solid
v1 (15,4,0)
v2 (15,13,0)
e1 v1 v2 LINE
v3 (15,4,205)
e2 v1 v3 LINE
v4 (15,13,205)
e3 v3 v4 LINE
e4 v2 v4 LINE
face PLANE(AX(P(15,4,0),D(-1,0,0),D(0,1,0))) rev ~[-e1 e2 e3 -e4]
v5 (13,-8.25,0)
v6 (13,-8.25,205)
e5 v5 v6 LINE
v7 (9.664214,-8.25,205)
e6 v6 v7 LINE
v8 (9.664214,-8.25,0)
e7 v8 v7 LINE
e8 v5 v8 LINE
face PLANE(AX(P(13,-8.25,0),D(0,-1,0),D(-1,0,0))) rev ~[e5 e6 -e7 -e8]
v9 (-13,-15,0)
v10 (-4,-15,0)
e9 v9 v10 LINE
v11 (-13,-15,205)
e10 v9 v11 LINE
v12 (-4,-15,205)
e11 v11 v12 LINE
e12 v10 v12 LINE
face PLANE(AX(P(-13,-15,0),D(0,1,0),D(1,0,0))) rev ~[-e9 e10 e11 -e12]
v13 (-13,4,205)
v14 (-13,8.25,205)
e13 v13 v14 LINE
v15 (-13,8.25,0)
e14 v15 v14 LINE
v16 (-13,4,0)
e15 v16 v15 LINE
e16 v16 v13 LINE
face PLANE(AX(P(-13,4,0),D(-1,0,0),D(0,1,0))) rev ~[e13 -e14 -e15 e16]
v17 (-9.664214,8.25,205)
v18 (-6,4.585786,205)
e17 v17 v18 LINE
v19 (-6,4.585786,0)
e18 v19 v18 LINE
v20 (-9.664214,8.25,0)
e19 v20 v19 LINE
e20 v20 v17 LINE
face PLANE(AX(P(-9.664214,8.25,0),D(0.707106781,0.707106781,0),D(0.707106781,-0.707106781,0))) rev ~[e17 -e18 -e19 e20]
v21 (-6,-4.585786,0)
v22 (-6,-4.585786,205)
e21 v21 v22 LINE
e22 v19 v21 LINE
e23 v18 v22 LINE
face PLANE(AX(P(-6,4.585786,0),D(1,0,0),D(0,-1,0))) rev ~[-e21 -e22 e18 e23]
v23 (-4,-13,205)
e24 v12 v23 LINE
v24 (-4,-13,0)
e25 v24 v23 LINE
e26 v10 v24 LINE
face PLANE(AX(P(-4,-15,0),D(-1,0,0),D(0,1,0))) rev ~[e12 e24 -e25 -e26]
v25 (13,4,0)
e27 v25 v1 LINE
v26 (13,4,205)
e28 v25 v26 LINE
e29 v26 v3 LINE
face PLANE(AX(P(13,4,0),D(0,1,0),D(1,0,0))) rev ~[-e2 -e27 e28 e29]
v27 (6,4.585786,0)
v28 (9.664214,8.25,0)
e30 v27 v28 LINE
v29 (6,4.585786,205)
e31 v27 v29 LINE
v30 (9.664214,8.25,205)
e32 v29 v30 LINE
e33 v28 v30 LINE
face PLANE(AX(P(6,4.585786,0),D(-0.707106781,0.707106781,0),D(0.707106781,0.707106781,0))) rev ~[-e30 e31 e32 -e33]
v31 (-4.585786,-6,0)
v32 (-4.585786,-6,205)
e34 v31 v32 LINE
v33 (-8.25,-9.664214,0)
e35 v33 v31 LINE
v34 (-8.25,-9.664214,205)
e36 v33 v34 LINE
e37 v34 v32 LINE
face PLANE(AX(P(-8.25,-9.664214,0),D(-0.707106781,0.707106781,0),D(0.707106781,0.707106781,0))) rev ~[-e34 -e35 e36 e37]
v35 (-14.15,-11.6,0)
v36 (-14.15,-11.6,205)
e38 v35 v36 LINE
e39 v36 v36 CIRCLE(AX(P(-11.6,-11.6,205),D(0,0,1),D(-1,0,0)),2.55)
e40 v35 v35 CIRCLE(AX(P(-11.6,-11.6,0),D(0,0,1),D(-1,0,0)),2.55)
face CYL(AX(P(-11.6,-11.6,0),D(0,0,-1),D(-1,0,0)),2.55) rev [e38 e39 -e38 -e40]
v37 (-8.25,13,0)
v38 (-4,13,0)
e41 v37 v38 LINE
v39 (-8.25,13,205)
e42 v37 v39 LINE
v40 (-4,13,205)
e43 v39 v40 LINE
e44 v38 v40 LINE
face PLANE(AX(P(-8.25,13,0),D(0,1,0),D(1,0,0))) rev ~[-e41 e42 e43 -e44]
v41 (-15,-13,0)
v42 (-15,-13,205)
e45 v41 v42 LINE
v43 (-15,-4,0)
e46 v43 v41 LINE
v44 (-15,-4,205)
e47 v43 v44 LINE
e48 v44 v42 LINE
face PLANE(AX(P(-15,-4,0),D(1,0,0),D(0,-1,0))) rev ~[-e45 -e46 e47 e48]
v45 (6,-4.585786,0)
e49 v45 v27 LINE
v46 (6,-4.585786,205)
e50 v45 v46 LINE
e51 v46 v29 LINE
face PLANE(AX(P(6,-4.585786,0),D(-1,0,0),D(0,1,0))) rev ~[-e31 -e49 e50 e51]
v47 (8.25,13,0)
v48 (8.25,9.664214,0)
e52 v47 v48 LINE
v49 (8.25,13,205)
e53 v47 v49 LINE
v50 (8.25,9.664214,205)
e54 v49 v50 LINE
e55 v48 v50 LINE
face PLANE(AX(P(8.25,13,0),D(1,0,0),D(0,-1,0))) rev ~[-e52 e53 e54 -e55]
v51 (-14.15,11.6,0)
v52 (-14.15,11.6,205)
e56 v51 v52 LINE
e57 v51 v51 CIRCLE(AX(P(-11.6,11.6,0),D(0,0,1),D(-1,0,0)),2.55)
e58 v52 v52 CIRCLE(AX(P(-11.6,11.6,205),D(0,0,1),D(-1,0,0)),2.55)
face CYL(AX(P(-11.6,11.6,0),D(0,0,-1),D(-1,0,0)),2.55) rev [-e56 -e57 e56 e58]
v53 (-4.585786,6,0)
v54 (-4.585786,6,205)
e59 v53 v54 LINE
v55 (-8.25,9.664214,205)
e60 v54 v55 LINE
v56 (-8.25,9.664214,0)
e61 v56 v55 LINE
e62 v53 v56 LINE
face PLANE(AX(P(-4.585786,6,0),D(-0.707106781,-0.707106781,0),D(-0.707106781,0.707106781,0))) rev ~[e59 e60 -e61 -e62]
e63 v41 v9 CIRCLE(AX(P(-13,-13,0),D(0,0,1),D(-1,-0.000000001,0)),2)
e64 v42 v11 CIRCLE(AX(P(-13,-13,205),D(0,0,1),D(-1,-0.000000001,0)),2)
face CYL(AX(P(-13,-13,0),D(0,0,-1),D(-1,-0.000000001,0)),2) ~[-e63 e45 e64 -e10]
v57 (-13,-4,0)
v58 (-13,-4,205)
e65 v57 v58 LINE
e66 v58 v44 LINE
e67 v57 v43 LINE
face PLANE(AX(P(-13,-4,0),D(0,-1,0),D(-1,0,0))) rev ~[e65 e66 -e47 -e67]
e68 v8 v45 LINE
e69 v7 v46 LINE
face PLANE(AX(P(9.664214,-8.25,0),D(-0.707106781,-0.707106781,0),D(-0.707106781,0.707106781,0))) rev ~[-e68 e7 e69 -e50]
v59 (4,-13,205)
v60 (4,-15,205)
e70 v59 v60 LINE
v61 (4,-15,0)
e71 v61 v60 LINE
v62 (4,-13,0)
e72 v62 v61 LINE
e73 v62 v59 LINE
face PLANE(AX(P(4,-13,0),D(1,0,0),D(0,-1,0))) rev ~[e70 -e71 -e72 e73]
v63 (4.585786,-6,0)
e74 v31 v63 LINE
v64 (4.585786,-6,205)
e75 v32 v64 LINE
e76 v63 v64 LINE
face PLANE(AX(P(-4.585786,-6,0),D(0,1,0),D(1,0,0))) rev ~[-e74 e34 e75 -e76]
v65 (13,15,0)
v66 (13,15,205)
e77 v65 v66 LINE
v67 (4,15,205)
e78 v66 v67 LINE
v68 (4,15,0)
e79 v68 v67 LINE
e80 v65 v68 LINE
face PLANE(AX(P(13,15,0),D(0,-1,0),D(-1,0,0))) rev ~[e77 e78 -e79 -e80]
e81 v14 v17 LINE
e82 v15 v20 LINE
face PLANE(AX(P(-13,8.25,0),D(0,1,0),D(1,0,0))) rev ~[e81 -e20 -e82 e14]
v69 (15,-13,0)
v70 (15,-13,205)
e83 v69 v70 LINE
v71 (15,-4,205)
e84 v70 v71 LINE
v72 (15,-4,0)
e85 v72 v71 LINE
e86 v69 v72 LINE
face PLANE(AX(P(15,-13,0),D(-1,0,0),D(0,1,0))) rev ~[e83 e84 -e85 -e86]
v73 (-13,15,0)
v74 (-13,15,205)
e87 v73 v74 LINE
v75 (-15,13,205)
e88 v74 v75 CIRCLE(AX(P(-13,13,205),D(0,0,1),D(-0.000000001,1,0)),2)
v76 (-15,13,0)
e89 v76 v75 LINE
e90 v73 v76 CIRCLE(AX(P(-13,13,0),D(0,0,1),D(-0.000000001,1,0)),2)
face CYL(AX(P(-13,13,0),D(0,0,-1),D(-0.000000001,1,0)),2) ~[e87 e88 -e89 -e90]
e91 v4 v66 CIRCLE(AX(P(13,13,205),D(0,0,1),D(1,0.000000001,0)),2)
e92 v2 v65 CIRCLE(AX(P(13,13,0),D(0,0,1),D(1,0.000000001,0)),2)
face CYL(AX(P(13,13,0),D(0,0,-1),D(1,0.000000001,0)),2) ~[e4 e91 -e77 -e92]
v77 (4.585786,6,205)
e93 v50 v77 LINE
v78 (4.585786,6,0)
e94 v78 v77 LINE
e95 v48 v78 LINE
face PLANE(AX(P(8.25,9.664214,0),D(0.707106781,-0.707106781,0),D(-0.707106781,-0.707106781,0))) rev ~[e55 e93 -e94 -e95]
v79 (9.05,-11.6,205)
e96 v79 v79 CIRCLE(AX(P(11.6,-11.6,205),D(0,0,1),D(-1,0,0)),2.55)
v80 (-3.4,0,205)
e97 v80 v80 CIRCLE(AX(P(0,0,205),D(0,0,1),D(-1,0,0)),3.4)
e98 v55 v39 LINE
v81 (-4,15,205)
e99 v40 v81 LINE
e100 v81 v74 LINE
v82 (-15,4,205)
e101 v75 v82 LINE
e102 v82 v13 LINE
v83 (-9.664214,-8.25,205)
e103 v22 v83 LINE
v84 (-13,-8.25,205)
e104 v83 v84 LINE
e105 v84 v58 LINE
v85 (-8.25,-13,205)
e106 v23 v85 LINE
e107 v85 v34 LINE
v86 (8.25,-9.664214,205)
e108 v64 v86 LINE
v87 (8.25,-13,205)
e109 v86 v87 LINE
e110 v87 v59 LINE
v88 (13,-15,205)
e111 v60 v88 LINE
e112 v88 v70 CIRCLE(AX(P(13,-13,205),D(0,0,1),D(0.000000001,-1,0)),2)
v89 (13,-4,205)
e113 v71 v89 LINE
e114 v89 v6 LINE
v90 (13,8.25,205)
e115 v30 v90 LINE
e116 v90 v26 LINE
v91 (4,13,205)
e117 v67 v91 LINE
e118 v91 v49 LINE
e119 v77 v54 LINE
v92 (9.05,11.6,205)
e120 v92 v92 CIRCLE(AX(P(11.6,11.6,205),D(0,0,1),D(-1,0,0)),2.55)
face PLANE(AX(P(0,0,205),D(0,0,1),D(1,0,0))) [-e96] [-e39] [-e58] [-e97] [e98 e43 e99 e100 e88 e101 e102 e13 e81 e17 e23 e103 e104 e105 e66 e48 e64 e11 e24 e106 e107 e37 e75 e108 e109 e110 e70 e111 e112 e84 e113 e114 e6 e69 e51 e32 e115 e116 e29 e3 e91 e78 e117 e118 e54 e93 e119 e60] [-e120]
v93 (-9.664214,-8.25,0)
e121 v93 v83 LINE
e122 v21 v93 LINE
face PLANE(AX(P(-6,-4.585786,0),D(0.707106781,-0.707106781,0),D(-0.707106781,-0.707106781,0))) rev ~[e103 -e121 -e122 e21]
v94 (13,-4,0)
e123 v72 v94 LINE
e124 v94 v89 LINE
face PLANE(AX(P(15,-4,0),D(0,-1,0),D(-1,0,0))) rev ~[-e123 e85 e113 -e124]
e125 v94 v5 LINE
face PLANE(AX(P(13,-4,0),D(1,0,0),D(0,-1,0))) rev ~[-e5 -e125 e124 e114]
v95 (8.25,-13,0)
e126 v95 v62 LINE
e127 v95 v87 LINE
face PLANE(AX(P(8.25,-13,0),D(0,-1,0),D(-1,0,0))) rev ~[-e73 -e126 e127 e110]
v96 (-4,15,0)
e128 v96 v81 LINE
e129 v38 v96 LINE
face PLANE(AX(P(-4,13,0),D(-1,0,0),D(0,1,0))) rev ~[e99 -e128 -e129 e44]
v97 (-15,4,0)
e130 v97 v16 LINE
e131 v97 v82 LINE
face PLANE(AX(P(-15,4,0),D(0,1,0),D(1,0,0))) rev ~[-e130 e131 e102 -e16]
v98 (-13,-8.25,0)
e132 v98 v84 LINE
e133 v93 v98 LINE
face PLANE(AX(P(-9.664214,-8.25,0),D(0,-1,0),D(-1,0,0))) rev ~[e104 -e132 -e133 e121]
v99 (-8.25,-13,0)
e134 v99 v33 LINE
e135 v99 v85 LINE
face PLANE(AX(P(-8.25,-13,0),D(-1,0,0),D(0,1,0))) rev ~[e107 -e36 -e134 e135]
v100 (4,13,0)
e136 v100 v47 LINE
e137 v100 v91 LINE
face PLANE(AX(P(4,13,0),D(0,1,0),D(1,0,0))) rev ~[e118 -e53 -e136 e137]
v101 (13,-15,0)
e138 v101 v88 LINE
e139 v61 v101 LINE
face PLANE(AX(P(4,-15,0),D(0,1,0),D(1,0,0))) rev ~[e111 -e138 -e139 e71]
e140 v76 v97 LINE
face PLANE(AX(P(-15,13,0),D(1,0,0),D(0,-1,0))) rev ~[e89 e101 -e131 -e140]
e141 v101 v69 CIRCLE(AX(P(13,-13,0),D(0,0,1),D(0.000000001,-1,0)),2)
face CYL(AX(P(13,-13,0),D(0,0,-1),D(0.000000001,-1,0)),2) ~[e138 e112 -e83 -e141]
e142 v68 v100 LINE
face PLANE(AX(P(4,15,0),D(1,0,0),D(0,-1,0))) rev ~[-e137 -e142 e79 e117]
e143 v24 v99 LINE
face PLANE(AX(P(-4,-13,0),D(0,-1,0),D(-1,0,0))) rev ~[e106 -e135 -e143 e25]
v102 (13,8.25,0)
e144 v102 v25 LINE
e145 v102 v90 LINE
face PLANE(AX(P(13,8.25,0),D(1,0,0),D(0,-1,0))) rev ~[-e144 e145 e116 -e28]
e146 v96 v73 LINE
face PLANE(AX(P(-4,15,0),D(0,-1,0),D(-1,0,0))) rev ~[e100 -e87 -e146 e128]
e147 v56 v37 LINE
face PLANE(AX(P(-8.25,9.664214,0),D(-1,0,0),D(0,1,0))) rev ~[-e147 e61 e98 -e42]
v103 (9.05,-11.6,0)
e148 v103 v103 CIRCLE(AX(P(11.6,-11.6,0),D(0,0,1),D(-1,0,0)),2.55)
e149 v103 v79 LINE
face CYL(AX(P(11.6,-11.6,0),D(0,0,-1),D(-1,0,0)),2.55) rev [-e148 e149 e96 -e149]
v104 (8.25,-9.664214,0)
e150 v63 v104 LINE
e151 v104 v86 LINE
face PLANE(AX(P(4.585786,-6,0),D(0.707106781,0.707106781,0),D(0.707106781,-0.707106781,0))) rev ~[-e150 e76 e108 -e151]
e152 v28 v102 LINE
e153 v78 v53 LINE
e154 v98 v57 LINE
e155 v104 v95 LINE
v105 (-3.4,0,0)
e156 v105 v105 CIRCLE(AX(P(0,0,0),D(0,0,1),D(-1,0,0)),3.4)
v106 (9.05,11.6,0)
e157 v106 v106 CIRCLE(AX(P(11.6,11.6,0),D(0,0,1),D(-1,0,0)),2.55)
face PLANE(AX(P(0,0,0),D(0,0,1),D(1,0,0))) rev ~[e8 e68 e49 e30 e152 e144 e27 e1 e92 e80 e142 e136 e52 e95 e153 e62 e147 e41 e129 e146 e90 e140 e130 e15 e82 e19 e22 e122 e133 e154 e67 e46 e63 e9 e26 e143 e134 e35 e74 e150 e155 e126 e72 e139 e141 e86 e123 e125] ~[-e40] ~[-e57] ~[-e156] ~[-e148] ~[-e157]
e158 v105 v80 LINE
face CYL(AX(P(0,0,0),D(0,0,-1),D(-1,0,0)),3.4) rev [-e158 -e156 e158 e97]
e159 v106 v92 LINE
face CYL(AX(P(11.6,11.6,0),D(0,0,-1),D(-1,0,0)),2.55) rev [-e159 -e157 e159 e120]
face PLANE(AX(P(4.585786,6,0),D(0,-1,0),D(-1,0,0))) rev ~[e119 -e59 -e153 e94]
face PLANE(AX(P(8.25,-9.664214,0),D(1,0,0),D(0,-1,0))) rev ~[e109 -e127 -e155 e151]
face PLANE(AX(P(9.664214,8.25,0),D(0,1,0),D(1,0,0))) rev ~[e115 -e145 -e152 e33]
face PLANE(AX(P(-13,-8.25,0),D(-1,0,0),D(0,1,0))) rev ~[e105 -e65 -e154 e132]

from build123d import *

# Parameters (mm, degrees)
SKETCH1_R           = 2.55
SKETCH1_R_2         = 3.4
BOSS_EXTRUDE1_DEPTH = 205


with BuildPart() as part:
    # Sketch1 → Boss-Extrude1 (new body)
    with BuildSketch(Plane.XY):
        with BuildLine():
            Line((13, 4), (15, 4))
            Line((15, 4), (15, 13))
            ThreePointArc((15, 13), (14.414213562, 14.414213562), (13, 15))
            Line((13, 15), (4, 15))
            Line((4, 15), (4, 13))
            Line((4, 13), (8.25, 13))
            Line((8.25, 13), (8.25, 9.664213562))
            Line((8.25, 9.664213562), (4.585786438, 6))
            Line((4.585786438, 6), (-4.585786438, 6))
            Line((-4.585786438, 6), (-8.25, 9.664213562))
            Line((-8.25, 9.664213562), (-8.25, 13))
            Line((-8.25, 13), (-4, 13))
            Line((-4, 13), (-4, 15))
            Line((-4, 15), (-13, 15))
            ThreePointArc((-13, 15), (-14.414213562, 14.414213562), (-15, 13))
            Line((-15, 13), (-15, 4))
            Line((-15, 4), (-13, 4))
            Line((-13, 4), (-13, 8.25))
            Line((-13, 8.25), (-9.664213562, 8.25))
            Line((-9.664213562, 8.25), (-6, 4.585786438))
            Line((-6, 4.585786438), (-6, -4.585786438))
            Line((-6, -4.585786438), (-9.664213562, -8.25))
            Line((-9.664213562, -8.25), (-13, -8.25))
            Line((-13, -8.25), (-13, -4))
            Line((-13, -4), (-15, -4))
            Line((-15, -4), (-15, -13))
            ThreePointArc((-15, -13), (-14.414213562, -14.414213562), (-13, -15))
            Line((-13, -15), (-4, -15))
            Line((-4, -15), (-4, -13))
            Line((-4, -13), (-8.25, -13))
            Line((-8.25, -13), (-8.25, -9.664213562))
            Line((-8.25, -9.664213562), (-4.585786438, -6))
            Line((-4.585786438, -6), (4.585786438, -6))
            Line((4.585786438, -6), (8.25, -9.664213562))
            Line((8.25, -9.664213562), (8.25, -13))
            Line((8.25, -13), (4, -13))
            Line((4, -13), (4, -15))
            Line((4, -15), (13, -15))
            ThreePointArc((13, -15), (14.414213562, -14.414213562), (15, -13))
            Line((15, -13), (15, -4))
            Line((15, -4), (13, -4))
            Line((13, -4), (13, -8.25))
            Line((13, -8.25), (9.664213562, -8.25))
            Line((9.664213562, -8.25), (6, -4.585786438))
            Line((6, -4.585786438), (6, 4.585786438))
            Line((6, 4.585786438), (9.664213562, 8.25))
            Line((9.664213562, 8.25), (13, 8.25))
            Line((13, 8.25), (13, 4))
        make_face()
        with Locations(Location((-11.6, 11.6, 0), (0, 0, 180))):  # turned: the seam where the file's is
            Circle(SKETCH1_R, mode=Mode.SUBTRACT)
        with Locations(Location((11.6, -11.6, 0), (0, 0, 180))):  # turned: the seam where the file's is
            Circle(SKETCH1_R, mode=Mode.SUBTRACT)
        with Locations(Location((-11.6, -11.6, 0), (0, 0, 180))):  # turned: the seam where the file's is
            Circle(SKETCH1_R, mode=Mode.SUBTRACT)
        with Locations(Location((11.6, 11.6, 0), (0, 0, 180))):  # turned: the seam where the file's is
            Circle(SKETCH1_R, mode=Mode.SUBTRACT)
        with Locations(Location((0, 0, 0), (0, 0, 180))):  # turned: the seam where the file's is
            Circle(SKETCH1_R_2, mode=Mode.SUBTRACT)
    extrude(amount=BOSS_EXTRUDE1_DEPTH)


solid = part.part
